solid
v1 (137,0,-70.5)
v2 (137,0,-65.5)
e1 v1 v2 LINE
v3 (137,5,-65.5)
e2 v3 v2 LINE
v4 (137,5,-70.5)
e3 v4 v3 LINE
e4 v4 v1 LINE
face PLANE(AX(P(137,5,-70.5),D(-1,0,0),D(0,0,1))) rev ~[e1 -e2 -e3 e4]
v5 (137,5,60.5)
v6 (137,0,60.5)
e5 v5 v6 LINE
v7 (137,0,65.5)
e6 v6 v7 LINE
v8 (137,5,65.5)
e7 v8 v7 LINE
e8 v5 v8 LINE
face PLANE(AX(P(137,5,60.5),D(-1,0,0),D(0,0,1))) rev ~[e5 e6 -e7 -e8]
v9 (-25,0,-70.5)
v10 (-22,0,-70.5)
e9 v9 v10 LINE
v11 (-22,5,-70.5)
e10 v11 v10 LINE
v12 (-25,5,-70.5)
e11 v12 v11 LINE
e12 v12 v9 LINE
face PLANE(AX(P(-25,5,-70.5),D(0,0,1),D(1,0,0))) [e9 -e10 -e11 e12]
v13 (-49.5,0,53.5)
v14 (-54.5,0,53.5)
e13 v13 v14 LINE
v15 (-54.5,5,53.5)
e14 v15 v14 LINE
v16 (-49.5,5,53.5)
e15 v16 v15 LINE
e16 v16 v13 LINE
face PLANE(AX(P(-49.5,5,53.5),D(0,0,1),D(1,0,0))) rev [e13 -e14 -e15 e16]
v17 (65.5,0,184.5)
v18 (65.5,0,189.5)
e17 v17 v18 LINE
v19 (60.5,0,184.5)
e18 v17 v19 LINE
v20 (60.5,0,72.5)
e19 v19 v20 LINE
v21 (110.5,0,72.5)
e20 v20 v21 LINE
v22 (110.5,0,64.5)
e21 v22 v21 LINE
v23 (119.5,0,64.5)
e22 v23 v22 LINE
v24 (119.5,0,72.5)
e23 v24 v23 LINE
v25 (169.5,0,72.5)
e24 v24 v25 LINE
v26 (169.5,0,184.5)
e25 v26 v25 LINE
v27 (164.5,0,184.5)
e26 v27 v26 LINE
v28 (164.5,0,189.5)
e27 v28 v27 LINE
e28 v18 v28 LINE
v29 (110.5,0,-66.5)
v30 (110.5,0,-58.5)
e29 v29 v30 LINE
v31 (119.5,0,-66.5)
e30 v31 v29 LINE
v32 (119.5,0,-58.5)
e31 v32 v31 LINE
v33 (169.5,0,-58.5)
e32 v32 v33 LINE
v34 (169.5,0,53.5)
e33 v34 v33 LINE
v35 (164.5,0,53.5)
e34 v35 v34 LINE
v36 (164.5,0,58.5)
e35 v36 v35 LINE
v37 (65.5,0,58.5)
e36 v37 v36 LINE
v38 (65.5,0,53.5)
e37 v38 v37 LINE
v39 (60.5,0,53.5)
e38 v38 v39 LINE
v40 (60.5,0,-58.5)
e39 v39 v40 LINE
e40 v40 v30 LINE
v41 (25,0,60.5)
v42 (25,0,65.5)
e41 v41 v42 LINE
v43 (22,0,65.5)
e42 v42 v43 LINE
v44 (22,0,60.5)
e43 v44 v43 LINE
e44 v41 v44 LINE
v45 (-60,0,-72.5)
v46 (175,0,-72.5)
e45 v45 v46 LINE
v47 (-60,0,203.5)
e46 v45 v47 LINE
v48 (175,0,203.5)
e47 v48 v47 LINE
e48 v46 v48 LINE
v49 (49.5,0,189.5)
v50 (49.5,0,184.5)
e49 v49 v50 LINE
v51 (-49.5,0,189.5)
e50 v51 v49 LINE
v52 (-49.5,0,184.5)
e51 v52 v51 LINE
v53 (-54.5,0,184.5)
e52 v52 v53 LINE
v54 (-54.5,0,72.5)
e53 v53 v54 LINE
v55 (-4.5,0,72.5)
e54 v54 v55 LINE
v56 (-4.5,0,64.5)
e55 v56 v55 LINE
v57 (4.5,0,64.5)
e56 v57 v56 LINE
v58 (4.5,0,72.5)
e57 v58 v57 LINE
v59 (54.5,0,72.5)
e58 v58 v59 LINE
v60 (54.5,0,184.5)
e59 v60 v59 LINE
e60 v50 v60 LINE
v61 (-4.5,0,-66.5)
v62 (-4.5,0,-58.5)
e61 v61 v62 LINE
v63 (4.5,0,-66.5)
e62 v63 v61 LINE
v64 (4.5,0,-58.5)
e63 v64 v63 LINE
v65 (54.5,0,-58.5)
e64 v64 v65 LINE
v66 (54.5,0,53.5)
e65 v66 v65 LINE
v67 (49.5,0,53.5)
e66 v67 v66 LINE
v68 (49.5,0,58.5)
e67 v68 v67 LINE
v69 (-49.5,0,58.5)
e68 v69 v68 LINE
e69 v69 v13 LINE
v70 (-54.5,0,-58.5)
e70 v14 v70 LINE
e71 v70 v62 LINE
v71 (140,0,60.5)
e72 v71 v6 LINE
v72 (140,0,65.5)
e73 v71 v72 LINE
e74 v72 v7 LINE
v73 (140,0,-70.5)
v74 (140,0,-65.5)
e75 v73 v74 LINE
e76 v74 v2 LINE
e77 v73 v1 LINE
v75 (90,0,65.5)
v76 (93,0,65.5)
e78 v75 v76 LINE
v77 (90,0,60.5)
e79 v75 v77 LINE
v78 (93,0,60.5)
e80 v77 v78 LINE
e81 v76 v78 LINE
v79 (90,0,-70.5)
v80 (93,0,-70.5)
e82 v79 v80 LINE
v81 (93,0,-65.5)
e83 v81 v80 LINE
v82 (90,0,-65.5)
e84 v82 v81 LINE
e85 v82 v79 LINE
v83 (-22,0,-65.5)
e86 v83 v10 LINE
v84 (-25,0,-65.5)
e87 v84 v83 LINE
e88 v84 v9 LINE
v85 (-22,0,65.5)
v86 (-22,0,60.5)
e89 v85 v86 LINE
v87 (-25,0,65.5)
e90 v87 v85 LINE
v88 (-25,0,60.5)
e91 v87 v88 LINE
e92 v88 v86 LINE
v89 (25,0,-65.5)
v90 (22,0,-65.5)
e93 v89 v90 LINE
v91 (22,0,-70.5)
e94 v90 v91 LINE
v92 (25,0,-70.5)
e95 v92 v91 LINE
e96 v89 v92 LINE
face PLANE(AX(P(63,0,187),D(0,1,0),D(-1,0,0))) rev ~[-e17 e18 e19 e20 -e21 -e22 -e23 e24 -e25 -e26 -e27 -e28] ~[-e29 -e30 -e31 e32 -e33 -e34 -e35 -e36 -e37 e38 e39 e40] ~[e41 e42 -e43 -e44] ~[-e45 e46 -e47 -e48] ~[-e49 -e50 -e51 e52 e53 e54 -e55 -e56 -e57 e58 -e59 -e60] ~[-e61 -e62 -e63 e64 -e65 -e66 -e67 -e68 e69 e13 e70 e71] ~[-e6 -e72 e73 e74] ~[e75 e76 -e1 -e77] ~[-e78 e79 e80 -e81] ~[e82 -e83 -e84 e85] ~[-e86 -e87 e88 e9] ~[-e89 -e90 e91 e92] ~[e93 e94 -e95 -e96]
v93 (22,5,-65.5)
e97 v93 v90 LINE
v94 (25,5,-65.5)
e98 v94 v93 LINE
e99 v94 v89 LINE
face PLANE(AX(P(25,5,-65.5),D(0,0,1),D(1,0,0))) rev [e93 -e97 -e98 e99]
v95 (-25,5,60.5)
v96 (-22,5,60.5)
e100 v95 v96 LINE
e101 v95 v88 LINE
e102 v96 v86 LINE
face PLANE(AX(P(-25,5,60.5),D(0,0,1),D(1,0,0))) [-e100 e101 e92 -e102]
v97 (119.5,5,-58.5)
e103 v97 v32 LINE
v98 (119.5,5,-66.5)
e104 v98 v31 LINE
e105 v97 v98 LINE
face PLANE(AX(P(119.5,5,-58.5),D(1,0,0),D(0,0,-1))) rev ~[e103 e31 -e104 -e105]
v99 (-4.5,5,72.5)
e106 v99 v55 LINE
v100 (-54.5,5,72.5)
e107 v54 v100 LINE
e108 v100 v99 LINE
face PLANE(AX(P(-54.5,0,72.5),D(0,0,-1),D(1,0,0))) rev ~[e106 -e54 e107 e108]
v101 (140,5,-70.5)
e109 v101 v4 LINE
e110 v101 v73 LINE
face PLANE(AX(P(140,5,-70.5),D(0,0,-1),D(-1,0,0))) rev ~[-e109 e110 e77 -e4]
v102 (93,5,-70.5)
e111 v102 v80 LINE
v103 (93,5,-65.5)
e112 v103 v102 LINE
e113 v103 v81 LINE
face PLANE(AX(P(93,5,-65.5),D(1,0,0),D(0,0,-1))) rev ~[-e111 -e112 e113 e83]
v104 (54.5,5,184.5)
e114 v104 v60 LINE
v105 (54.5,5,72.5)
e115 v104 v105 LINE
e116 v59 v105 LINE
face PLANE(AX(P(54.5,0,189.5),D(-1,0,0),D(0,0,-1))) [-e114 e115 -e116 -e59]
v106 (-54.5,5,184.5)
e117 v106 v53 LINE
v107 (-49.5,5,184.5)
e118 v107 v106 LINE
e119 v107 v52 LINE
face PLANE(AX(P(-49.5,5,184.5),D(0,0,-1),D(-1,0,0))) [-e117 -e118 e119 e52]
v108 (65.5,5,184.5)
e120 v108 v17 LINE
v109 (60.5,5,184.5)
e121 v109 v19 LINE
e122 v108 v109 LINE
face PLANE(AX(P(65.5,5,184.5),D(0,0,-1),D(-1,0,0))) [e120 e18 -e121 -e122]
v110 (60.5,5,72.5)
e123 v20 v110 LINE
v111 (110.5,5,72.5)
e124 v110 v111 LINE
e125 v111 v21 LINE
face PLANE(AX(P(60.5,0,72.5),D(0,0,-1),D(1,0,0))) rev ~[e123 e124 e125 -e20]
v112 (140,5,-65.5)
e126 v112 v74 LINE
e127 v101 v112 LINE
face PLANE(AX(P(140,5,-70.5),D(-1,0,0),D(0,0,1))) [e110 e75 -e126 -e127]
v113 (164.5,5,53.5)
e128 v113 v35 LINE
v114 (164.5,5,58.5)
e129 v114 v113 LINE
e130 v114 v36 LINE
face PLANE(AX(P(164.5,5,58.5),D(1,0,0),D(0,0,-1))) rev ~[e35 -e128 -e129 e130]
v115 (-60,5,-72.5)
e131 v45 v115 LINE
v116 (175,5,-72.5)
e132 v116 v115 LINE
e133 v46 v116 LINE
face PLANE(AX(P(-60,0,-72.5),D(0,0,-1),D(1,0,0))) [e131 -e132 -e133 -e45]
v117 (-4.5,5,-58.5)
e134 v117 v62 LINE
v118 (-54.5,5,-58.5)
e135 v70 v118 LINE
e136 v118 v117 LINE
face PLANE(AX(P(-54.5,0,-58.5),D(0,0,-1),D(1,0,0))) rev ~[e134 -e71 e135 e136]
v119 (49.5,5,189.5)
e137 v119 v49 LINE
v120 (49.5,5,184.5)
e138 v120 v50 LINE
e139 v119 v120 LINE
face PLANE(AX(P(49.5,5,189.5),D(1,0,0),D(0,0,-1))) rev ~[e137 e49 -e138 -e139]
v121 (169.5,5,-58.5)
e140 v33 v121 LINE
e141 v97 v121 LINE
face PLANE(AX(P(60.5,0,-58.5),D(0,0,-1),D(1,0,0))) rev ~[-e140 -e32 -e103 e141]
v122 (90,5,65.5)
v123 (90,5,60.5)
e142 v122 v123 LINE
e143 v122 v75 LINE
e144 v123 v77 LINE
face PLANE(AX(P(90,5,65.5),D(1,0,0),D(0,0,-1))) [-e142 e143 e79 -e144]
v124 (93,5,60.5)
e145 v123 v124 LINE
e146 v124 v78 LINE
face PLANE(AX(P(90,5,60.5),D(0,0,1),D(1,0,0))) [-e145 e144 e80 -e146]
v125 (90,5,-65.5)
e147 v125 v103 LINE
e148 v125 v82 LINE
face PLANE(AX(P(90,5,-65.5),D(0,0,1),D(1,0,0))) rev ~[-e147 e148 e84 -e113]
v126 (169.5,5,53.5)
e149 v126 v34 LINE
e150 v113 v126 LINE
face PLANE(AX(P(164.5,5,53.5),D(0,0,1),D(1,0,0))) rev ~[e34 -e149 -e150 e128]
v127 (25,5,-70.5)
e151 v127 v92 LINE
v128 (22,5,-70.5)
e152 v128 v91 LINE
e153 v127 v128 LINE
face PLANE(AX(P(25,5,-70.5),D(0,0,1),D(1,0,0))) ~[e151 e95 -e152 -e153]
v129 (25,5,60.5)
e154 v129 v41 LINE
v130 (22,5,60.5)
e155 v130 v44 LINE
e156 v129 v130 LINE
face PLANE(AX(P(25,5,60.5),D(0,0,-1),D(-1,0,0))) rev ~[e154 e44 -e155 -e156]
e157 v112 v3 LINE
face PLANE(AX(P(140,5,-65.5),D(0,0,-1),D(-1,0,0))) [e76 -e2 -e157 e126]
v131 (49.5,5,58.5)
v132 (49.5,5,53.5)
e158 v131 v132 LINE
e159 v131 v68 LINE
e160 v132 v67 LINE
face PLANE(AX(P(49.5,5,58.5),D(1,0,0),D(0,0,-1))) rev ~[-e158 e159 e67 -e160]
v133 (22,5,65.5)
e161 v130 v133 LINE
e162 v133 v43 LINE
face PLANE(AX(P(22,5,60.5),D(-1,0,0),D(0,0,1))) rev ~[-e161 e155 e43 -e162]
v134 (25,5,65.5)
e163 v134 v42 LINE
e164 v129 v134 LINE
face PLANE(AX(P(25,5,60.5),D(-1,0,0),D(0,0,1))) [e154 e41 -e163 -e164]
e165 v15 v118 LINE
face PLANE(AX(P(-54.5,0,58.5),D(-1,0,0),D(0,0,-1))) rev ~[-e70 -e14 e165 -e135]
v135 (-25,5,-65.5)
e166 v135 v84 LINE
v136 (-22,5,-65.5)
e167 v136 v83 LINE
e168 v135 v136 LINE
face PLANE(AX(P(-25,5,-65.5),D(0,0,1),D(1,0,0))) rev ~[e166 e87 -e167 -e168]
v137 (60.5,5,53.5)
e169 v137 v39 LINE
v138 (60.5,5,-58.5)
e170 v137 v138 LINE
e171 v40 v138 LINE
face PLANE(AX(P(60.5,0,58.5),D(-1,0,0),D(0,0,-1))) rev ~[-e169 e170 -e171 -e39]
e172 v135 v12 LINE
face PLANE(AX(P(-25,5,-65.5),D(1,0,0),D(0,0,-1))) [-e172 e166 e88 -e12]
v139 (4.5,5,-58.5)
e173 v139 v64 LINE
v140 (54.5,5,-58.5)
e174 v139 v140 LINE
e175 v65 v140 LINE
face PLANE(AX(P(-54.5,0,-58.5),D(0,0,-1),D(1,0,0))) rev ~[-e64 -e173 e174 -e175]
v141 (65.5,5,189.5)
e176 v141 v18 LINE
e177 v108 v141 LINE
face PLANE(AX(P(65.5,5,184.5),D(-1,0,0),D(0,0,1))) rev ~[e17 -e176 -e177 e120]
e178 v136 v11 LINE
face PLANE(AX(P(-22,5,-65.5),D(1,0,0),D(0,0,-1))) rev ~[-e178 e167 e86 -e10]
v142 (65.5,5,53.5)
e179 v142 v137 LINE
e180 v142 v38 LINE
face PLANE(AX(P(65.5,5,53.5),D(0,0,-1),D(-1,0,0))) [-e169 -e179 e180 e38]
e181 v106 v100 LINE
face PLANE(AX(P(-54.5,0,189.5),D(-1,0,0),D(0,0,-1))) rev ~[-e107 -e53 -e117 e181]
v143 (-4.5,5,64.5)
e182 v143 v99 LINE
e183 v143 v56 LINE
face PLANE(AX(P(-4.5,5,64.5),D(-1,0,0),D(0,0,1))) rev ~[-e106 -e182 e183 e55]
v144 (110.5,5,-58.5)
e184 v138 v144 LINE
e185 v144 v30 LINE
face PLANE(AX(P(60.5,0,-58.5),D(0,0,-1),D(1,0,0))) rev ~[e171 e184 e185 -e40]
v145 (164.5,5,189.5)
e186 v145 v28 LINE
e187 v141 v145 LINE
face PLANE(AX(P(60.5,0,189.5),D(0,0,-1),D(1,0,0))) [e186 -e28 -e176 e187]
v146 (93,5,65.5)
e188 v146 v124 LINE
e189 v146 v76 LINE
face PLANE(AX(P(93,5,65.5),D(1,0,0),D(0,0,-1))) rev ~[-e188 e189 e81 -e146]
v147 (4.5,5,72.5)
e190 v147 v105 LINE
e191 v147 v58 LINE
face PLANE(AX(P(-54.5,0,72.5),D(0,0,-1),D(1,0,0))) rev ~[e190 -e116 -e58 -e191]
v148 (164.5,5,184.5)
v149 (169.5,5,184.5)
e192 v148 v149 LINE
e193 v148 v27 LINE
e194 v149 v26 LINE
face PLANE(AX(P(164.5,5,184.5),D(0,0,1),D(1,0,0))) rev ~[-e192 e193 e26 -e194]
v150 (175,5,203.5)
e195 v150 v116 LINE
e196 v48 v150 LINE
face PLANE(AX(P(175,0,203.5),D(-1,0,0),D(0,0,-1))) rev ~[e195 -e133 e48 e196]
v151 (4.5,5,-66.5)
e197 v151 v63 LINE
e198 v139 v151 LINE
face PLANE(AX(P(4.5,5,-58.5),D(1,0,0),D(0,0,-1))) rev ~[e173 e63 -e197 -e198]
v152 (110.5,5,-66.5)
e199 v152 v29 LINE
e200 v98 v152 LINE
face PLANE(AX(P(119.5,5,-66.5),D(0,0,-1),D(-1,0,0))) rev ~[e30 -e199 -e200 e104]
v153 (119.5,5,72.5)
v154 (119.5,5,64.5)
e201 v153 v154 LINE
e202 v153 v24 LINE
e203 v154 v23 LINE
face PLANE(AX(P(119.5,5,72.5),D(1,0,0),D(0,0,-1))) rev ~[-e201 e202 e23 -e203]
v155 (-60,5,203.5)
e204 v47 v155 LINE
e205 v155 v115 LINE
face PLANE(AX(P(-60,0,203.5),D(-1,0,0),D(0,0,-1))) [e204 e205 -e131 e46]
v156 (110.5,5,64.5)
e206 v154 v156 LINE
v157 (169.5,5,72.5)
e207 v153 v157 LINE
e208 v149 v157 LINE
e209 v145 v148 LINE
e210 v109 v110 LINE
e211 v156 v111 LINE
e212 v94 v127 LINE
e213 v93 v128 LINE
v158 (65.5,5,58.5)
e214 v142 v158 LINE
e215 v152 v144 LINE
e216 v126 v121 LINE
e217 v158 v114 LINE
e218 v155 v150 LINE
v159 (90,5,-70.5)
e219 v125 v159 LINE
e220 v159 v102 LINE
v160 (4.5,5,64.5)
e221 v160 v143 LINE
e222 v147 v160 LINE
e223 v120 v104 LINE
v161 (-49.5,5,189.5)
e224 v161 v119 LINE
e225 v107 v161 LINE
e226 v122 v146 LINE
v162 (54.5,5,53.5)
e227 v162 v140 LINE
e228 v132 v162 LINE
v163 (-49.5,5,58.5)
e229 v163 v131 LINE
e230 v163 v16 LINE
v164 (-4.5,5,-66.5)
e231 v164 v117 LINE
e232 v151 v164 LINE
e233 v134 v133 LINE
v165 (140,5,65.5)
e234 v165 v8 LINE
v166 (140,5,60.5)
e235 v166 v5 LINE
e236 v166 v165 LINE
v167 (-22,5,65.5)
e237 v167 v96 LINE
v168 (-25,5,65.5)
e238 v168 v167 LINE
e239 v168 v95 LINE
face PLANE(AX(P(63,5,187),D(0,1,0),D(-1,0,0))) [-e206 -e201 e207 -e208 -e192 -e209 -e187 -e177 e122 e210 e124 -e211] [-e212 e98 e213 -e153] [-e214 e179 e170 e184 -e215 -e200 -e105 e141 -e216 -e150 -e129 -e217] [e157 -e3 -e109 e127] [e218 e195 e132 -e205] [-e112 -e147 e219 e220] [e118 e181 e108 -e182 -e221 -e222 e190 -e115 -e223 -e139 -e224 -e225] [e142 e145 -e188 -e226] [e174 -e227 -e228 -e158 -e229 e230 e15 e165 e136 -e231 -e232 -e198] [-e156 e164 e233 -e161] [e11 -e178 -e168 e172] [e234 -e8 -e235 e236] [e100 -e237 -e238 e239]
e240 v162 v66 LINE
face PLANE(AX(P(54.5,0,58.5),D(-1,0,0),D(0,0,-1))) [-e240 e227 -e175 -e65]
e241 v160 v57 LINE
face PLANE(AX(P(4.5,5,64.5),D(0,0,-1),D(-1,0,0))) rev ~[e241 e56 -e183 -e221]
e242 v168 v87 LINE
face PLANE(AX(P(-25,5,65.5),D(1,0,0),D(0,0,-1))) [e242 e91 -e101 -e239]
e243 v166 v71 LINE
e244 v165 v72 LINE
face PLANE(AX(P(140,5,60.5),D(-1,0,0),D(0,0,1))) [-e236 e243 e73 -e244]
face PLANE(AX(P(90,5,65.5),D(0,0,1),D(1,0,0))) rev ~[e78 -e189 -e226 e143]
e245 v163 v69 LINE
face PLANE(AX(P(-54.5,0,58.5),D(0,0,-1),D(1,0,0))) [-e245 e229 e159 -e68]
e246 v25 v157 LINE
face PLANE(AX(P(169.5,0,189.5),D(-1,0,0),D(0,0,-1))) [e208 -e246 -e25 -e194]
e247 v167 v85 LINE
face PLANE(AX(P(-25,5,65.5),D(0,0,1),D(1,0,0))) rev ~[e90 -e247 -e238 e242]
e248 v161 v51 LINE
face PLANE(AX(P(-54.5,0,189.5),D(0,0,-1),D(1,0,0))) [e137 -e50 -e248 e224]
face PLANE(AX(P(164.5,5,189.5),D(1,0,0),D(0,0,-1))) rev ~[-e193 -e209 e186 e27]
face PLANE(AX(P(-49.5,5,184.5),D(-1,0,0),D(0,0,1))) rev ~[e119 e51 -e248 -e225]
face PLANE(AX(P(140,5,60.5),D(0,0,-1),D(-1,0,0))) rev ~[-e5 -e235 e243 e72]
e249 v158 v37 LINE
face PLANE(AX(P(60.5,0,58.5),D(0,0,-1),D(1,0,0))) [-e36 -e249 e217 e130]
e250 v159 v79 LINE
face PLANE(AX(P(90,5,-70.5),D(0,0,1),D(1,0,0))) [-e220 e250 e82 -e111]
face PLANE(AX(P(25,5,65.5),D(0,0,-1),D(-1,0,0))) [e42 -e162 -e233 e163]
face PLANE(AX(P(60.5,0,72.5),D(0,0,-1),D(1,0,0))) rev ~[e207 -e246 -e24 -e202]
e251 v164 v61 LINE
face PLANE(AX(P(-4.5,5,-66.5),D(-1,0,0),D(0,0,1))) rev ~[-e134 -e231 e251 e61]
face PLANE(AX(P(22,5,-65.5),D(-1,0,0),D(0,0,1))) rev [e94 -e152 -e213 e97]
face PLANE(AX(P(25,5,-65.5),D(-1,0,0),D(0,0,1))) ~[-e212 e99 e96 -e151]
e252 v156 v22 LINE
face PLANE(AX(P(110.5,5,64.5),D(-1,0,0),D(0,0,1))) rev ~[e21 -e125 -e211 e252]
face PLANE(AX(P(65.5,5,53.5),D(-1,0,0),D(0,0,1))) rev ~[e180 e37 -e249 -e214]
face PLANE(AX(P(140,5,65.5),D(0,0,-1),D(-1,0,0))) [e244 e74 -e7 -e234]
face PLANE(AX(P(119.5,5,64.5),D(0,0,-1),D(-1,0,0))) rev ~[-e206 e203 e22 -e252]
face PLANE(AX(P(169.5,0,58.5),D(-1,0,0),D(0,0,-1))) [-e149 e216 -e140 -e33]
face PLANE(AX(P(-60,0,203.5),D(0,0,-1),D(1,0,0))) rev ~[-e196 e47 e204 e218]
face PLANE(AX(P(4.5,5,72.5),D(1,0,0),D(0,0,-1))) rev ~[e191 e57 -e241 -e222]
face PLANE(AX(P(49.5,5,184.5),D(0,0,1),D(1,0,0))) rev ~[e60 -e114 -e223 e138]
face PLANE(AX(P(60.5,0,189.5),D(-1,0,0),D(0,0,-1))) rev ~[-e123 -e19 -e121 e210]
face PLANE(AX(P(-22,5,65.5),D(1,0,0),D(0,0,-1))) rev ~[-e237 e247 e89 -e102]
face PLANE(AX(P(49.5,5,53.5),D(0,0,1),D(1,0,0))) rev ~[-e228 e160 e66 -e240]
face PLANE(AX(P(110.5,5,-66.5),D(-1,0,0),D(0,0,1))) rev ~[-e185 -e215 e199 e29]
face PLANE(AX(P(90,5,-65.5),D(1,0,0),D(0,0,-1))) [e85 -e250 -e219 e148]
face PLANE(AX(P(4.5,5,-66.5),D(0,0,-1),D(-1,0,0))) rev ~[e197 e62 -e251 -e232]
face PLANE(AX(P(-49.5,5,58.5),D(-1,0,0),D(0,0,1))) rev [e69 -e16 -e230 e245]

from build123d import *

# Parameters (mm, degrees)
SKETCH1_W                 = 120
SKETCH1_H                 = 145
SKETCH1_W_2               = 109
SKETCH1_H_2               = 117
BOSS_EXTRUDE1_DEPTH       = 5
CUT_EXTRUDE1_DEPTH        = 10
SKETCH5_W                 = 3
SKETCH5_H                 = 5
CUT_EXTRUDE4_DEPTH        = 95.240384125
SKETCH6_W                 = 5
SKETCH6_H                 = 5
BOSS_EXTRUDE2_DEPTH       = 5
LPATTERN1_COUNT           = 2
LPATTERN1_PITCH           = 115
LPATTERN1_COUNT_DIR2      = 2
LPATTERN1_PITCH_DIR2      = 131
LPATTERN1_COPY_1_SKETCH_W = 3
LPATTERN1_COPY_1_SKETCH_H = 5
LPATTERN1_COPY_1_DEPTH    = 95.240384125
LPATTERN1_COPY_2_SKETCH_W = 3
LPATTERN1_COPY_2_SKETCH_H = 5
LPATTERN1_COPY_2_DEPTH    = 95.240384125
LPATTERN1_COPY_3_SKETCH_W = 3
LPATTERN1_COPY_3_SKETCH_H = 5
LPATTERN1_COPY_3_DEPTH    = 95.240384125
LPATTERN1_COPY_4_SKETCH_W = 5
LPATTERN1_COPY_4_SKETCH_H = 5
LPATTERN1_COPY_4_DEPTH    = 5
LPATTERN1_COPY_5_SKETCH_W = 5
LPATTERN1_COPY_5_SKETCH_H = 5
LPATTERN1_COPY_5_DEPTH    = 5
LPATTERN1_COPY_6_SKETCH_W = 5
LPATTERN1_COPY_6_SKETCH_H = 5
LPATTERN1_COPY_6_DEPTH    = 5


with BuildPart() as part:
    # Sketch1 → Boss-Extrude1 (new body)
    with BuildSketch(Plane(origin=(0, 0, 0), x_dir=(1, 0, 0), z_dir=(0, 1, 0))):
        Rectangle(SKETCH1_W, SKETCH1_H)
        Rectangle(SKETCH1_W_2, SKETCH1_H_2, mode=Mode.SUBTRACT)
    boss_extrude1 = extrude(amount=BOSS_EXTRUDE1_DEPTH)

    # Sketch2 → Cut-Extrude1 (cut)
    with BuildSketch(Plane(origin=(0, 5, 0), x_dir=(1, 0, 0), z_dir=(0, 1, 0))):
        Polygon((-4.5, 58.5), (0, 58.5), (4.5, 58.5), (4.5, 66.5), (-4.5, 66.5), align=None)
    cut_extrude1 = extrude(amount=-CUT_EXTRUDE1_DEPTH, mode=Mode.SUBTRACT)

    # Sketch5 → Cut-Extrude4 (cut, through all)
    with BuildSketch(Plane(origin=(0, 5, 0), x_dir=(1, 0, 0), z_dir=(0, 1, 0))):
        with Locations((-23.5, 68)):
            Rectangle(SKETCH5_W, SKETCH5_H)
    cut_extrude4 = extrude(amount=-CUT_EXTRUDE4_DEPTH, mode=Mode.SUBTRACT)

    # Mirror1: Cut-Extrude4 across plane
    add(cut_extrude4.mirror(Plane(origin=(0, 0, 0), x_dir=(0, 0, 1), z_dir=(1, 0, 0))), mode=Mode.SUBTRACT)

    # Sketch6 → Boss-Extrude2 (add)
    with BuildSketch(Plane(origin=(0, 5, 0), x_dir=(1, 0, 0), z_dir=(0, 1, 0))):
        with Locations((52, -56)):
            Rectangle(SKETCH6_W, SKETCH6_H)
    boss_extrude2 = extrude(amount=-BOSS_EXTRUDE2_DEPTH)

    # Mirror2: Boss-Extrude2 across plane
    add(boss_extrude2.mirror(Plane(origin=(0, 0, 0), x_dir=(0, 0, 1), z_dir=(1, 0, 0))))

    # LPattern1: Boss-Extrude1, Cut-Extrude1, Cut-Extrude4, Boss-Extrude2 2 × 2
    with Locations(*[(i * LPATTERN1_PITCH, 0, j * LPATTERN1_PITCH_DIR2) for i in range(LPATTERN1_COUNT) for j in range(LPATTERN1_COUNT_DIR2) if (i, j) != (0, 0)]):
        add(boss_extrude1)
        add(cut_extrude1, mode=Mode.SUBTRACT)
        add(cut_extrude4, mode=Mode.SUBTRACT)
        add(boss_extrude2)

    # LPattern1 copy 1 sketch → LPattern1 copy 1 (cut, through all)
    with BuildSketch(Plane(origin=(0, 5, 131), x_dir=(-1, 0, 0), z_dir=(0, 1, 0))):
        with Locations((-23.5, -68)):
            Rectangle(LPATTERN1_COPY_1_SKETCH_W, LPATTERN1_COPY_1_SKETCH_H)
    extrude(amount=-LPATTERN1_COPY_1_DEPTH, mode=Mode.SUBTRACT)

    # LPattern1 copy 2 sketch → LPattern1 copy 2 (cut, through all)
    with BuildSketch(Plane(origin=(115, 5, 0), x_dir=(-1, 0, 0), z_dir=(0, 1, 0))):
        with Locations((-23.5, -68)):
            Rectangle(LPATTERN1_COPY_2_SKETCH_W, LPATTERN1_COPY_2_SKETCH_H)
    extrude(amount=-LPATTERN1_COPY_2_DEPTH, mode=Mode.SUBTRACT)

    # LPattern1 copy 3 sketch → LPattern1 copy 3 (cut, through all)
    with BuildSketch(Plane(origin=(115, 5, 131), x_dir=(-1, 0, 0), z_dir=(0, 1, 0))):
        with Locations((-23.5, -68)):
            Rectangle(LPATTERN1_COPY_3_SKETCH_W, LPATTERN1_COPY_3_SKETCH_H)
    extrude(amount=-LPATTERN1_COPY_3_DEPTH, mode=Mode.SUBTRACT)

    # LPattern1 copy 4 sketch → LPattern1 copy 4 (add)
    with BuildSketch(Plane(origin=(0, 5, 131), x_dir=(-1, 0, 0), z_dir=(0, 1, 0))):
        with Locations((52, 56)):
            Rectangle(LPATTERN1_COPY_4_SKETCH_W, LPATTERN1_COPY_4_SKETCH_H)
    extrude(amount=-LPATTERN1_COPY_4_DEPTH)

    # LPattern1 copy 5 sketch → LPattern1 copy 5 (add)
    with BuildSketch(Plane(origin=(115, 5, 0), x_dir=(-1, 0, 0), z_dir=(0, 1, 0))):
        with Locations((52, 56)):
            Rectangle(LPATTERN1_COPY_5_SKETCH_W, LPATTERN1_COPY_5_SKETCH_H)
    extrude(amount=-LPATTERN1_COPY_5_DEPTH)

    # LPattern1 copy 6 sketch → LPattern1 copy 6 (add)
    with BuildSketch(Plane(origin=(115, 5, 131), x_dir=(-1, 0, 0), z_dir=(0, 1, 0))):
        with Locations((52, 56)):
            Rectangle(LPATTERN1_COPY_6_SKETCH_W, LPATTERN1_COPY_6_SKETCH_H)
    extrude(amount=-LPATTERN1_COPY_6_DEPTH)


solid = part.part
